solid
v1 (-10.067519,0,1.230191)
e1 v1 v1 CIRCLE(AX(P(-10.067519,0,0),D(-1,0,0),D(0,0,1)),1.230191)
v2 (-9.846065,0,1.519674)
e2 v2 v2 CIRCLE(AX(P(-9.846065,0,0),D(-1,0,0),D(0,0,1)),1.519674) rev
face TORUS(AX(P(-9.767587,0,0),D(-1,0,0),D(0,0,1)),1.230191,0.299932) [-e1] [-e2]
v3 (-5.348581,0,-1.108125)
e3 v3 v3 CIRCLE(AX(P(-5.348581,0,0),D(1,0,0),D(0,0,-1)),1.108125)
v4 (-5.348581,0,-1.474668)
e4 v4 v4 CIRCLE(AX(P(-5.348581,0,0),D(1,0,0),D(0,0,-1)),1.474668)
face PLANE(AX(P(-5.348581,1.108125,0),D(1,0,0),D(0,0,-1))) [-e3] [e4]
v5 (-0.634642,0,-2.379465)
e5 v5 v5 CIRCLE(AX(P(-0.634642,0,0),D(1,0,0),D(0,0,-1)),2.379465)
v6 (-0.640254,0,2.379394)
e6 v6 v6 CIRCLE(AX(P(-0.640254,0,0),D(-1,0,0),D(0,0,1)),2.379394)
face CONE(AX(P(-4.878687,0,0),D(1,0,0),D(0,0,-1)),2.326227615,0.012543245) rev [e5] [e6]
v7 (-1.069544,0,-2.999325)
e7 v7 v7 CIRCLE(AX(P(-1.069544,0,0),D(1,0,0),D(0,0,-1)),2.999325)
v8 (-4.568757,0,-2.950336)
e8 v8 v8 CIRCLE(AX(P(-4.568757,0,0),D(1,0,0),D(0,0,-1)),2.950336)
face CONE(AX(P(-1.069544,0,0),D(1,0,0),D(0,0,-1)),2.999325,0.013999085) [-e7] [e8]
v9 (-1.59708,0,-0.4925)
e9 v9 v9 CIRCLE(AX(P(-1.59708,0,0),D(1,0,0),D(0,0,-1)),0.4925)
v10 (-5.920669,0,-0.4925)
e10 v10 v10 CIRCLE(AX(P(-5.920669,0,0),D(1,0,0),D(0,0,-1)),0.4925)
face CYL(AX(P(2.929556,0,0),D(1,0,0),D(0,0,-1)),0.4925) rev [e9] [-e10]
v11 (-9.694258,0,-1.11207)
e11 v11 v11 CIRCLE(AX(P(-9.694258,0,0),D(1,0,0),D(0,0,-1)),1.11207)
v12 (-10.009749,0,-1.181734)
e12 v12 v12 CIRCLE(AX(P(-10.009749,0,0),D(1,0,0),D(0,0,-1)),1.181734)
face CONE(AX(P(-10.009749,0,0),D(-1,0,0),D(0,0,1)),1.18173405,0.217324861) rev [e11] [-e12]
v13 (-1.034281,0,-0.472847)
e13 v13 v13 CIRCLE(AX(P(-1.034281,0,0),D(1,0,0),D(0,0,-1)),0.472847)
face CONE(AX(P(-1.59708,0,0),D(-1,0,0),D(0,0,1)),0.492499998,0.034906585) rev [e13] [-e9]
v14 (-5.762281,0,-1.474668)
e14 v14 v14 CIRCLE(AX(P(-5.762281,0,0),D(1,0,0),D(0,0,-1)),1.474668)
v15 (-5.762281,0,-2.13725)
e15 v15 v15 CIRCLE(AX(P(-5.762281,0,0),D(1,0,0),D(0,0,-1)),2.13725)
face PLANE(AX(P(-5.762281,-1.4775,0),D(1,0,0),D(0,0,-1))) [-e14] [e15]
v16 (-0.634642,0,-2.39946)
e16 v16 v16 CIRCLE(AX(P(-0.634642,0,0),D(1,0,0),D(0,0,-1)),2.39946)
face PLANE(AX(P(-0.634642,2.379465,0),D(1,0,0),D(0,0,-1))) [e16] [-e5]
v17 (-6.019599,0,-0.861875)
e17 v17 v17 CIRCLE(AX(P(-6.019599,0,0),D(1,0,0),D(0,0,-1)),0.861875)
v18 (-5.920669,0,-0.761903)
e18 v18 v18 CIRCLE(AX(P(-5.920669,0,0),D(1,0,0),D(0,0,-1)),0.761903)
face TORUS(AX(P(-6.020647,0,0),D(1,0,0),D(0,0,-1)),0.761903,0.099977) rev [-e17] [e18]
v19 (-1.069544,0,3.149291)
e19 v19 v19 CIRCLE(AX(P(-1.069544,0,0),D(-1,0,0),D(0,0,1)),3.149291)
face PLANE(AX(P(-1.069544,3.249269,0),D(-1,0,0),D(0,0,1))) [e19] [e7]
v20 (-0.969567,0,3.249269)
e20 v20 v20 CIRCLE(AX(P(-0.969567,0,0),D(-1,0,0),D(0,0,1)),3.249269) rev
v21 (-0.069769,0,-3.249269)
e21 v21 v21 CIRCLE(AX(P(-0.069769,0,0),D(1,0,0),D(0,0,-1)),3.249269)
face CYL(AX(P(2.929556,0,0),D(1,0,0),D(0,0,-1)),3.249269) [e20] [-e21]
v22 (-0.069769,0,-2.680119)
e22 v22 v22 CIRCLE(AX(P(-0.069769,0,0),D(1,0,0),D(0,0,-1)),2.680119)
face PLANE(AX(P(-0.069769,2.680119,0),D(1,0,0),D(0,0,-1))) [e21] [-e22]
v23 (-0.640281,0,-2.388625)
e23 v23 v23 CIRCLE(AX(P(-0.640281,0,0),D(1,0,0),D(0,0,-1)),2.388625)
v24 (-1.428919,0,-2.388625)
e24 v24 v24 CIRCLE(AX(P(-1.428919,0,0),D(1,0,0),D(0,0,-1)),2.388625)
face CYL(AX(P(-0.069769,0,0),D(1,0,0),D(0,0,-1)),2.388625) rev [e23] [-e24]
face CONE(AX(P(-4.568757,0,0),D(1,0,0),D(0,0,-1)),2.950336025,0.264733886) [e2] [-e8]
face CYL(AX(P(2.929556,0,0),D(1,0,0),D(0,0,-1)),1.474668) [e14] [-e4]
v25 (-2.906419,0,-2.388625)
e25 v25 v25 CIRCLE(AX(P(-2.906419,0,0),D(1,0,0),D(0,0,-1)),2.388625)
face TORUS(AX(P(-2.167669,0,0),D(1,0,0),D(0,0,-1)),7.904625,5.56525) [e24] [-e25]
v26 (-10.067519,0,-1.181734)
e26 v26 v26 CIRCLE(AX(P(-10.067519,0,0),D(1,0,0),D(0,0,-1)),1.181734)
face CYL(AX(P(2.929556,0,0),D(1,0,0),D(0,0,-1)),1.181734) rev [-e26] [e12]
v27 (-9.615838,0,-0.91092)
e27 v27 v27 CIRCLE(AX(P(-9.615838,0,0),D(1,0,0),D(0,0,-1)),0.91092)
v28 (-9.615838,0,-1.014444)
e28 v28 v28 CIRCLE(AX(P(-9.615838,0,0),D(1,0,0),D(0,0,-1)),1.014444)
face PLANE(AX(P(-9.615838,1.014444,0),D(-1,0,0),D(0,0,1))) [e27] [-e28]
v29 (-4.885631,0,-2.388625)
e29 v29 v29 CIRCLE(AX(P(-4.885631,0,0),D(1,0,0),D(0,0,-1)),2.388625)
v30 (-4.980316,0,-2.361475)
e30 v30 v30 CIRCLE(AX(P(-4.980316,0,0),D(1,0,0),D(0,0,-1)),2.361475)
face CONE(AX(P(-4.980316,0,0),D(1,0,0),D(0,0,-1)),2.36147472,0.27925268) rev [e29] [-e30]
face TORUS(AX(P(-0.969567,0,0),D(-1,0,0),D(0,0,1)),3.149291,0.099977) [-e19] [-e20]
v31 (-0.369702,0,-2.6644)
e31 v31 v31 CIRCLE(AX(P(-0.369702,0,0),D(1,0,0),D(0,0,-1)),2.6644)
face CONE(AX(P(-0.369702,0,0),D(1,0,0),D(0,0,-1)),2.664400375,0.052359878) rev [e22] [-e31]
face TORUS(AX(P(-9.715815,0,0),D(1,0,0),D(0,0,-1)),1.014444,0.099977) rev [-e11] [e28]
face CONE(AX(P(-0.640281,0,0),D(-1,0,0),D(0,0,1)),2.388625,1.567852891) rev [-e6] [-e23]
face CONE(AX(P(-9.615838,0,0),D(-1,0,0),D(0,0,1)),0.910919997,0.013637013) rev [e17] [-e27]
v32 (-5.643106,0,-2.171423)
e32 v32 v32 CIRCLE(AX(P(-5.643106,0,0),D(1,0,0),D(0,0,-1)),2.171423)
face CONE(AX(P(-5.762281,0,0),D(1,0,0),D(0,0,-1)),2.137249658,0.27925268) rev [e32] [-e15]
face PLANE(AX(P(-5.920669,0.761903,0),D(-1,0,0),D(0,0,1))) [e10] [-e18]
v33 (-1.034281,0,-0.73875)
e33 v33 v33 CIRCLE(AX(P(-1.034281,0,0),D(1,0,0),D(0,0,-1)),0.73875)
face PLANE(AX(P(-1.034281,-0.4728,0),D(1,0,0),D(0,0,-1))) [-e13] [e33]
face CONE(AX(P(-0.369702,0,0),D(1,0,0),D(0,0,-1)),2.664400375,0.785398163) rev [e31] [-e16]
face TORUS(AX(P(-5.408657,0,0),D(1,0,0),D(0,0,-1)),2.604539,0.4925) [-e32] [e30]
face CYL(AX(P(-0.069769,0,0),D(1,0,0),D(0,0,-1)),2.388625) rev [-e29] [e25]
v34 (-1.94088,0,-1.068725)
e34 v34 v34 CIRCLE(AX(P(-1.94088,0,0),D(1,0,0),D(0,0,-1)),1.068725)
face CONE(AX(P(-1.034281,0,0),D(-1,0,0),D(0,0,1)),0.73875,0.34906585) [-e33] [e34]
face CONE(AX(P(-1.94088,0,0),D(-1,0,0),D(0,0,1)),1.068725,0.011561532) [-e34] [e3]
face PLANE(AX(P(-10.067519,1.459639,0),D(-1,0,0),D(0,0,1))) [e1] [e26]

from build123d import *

# Parameters (mm, degrees)
FILLET1_R       = 0.3
FILLET2_R       = 0.1
MOLDE_1_5_SCALE = 1.015
ESCALA1_SCALE   = 0.985


with BuildPart() as part:
    # Sketch1 → Base-Revolve (revolve)
    with BuildSketch(Plane.XY, mode=Mode.PRIVATE) as base_revolve_sk:
        with BuildLine():
            Line((0, 2.680722334), (0, 3.25))
            Line((0, 3.25), (-1, 3.25))
            Line((-1, 3.25), (-1, 3))
            Line((-1, 3), (-4.5, 2.951))
            Line((-4.5, 2.951), (-10, 1.45996726))
            Line((-10, 1.45996726), (-10, 1.182))
            Line((-10, 1.182), (-9.942216749, 1.182))
            Line((-9.942216749, 1.182), (-9.62665493, 1.112320106))
            ThreePointArc((-9.62665493, 1.112320106), (-9.570254637, 1.077297478), (-9.548216749, 1.014672331))
            Line((-9.548216749, 1.014672331), (-9.548216749, 0.911125))
            Line((-9.548216749, 0.911125), (-5.951168635, 0.862068966))
            ThreePointArc((-5.951168635, 0.862068966), (-5.881136472, 0.832413596), (-5.852216749, 0.762074458))
            Line((-5.852216749, 0.762074458), (-5.852216749, 0.492610835))
            Line((-5.852216749, 0.492610835), (-1.527654115, 0.492610835))
            Line((-1.527654115, 0.492610835), (-0.960346026, 0.4728))
            Line((-0.960346026, 0.4728), (-0.960346026, 0.875013102))
            Line((-0.960346026, 0.875013102), (-1.684186294, 1.068965517))
            Line((-1.684186294, 1.068965517), (-5.28, 1.108374384))
            Line((-5.28, 1.108374384), (-5.28, 1.25))
            Line((-5.28, 1.25), (-5.28, 1.475))
            Line((-5.28, 1.475), (-7.53, 1.475))
            Line((-7.53, 1.475), (-7.53, 1.572428375))
            Line((-7.53, 1.572428375), (-6.073686829, 1.976299761))
            ThreePointArc((-6.073686829, 1.976299761), (-5.761104003, 1.959212429), (-5.501968853, 2.134851188))
            Line((-5.501968853, 2.134851188), (-4.81, 2.326751134))
            Line((-4.81, 2.326751134), (-0.565, 2.38))
            Line((-0.565, 2.38), (-0.565, 2.4))
            Line((-0.565, 2.4), (-0.3, 2.665))
            Line((-0.3, 2.665), (0, 2.680722334))
        make_face()
    revolve(base_revolve_sk.sketch.rotate(Axis((3, 0, 0), (-1, 0, 0)), 90), axis=Axis((3, 0, 0), (-1, 0, 0)))

    # Fillet1
    fillet1_edges = [part.edges().sort_by_distance(p)[0] for p in [
        (-10, 0, 1.45996726),
    ]]
    fillet(fillet1_edges, radius=FILLET1_R)

    # Fillet2
    fillet2_edges = [part.edges().sort_by_distance(p)[0] for p in [
        (-1, 0, 3.25),
    ]]
    fillet(fillet2_edges, radius=FILLET2_R)


with BuildPart() as part_1:
    # Molde (1,5%): scaled about (0, 0, 0)
    add(part.part.scale(MOLDE_1_5_SCALE))

    # Esboço1 → Corte-Revolução1 (revolve, cut)
    with BuildSketch(Plane.XY, mode=Mode.PRIVATE) as corte_revolu_o1_sk:
        with BuildLine():
            Line((-0.5792, -2.425), (-0.573475, -0.48))
            Line((-0.573475, -0.48), (-0.9792, -0.48))
            Line((-0.9792, -0.48), (-0.9792, -0.75))
            Line((-0.9792, -0.75), (-1.899604936, -1.085))
            Line((-1.899604936, -1.085), (-5.3592, -1.125))
            Line((-5.3592, -1.125), (-5.3592, -1.5))
            Line((-5.3592, -1.5), (-5.7792, -1.5))
            Line((-5.7792, -1.5), (-5.7792, -2.169796607))
            Line((-5.7792, -2.169796607), (-5.658209357, -2.204490115))
            ThreePointArc((-5.658209357, -2.204490115), (-5.282371308, -2.163571422), (-4.98532617, -2.397436264))
            Line((-4.98532617, -2.397436264), (-4.8892, -2.425))
            Line((-4.8892, -2.425), (-2.879846793, -2.425))
            ThreePointArc((-2.879846793, -2.425), (-2.129846793, -2.375), (-1.379846793, -2.425))
            Line((-1.379846793, -2.425), (-0.5792, -2.425))
        make_face()
    revolve(corte_revolu_o1_sk.sketch.rotate(Axis((0, 0, 0), (-1, 0, 0)), 270), axis=Axis((0, 0, 0), (-1, 0, 0)), mode=Mode.SUBTRACT)


with BuildPart() as body_2:
    # of the pieces the cut leaves, the one that is kept (corte_revolu_o1_keep)
    add(part_1.part.solids().sort_by_distance((-1.015, 0, -3.19725))[0])

    # Esboço2 → Revolução1 (revolve)
    with BuildSketch(Plane.XY, mode=Mode.PRIVATE) as revolu_o1_sk:
        with BuildLine():
            Line((-2.879846793, -2.425), (-2.879846793, -2.544109835))
            Line((-2.879846793, -2.544109835), (-1.379846793, -2.544109835))
            Line((-1.379846793, -2.544109835), (-1.379846793, -2.425))
            ThreePointArc((-1.379846793, -2.425), (-2.129846793, -2.375), (-2.879846793, -2.425))
        make_face()
        with BuildLine():
            Line((-5.7792, -2.169796607), (-5.658209357, -2.204490115))
            ThreePointArc((-5.658209357, -2.204490115), (-5.208810984, -2.191080964), (-4.93032412, -2.544045225))
            Line((-4.93032412, -2.544045225), (-7.873844655, -1.696484939))
            Line((-7.873844655, -1.696484939), (-7.873844655, -1.3516253))
            Line((-7.873844655, -1.3516253), (-5.7792, -1.330608113))
            Line((-5.7792, -1.330608113), (-5.7792, -2.169796607))
        make_face()
    revolve(revolu_o1_sk.sketch.rotate(Axis((-10.72056604, 0, 0), (1, 0, 0)), 90), axis=Axis((-10.72056604, 0, 0), (1, 0, 0)))


with BuildPart() as body_2_1:
    # Escala1: scaled about (-4.651298742, 0, 0)
    add(body_2.part.scale(ESCALA1_SCALE).moved(Location((-0.069769481, 0, 0))))


solid = body_2_1.part
